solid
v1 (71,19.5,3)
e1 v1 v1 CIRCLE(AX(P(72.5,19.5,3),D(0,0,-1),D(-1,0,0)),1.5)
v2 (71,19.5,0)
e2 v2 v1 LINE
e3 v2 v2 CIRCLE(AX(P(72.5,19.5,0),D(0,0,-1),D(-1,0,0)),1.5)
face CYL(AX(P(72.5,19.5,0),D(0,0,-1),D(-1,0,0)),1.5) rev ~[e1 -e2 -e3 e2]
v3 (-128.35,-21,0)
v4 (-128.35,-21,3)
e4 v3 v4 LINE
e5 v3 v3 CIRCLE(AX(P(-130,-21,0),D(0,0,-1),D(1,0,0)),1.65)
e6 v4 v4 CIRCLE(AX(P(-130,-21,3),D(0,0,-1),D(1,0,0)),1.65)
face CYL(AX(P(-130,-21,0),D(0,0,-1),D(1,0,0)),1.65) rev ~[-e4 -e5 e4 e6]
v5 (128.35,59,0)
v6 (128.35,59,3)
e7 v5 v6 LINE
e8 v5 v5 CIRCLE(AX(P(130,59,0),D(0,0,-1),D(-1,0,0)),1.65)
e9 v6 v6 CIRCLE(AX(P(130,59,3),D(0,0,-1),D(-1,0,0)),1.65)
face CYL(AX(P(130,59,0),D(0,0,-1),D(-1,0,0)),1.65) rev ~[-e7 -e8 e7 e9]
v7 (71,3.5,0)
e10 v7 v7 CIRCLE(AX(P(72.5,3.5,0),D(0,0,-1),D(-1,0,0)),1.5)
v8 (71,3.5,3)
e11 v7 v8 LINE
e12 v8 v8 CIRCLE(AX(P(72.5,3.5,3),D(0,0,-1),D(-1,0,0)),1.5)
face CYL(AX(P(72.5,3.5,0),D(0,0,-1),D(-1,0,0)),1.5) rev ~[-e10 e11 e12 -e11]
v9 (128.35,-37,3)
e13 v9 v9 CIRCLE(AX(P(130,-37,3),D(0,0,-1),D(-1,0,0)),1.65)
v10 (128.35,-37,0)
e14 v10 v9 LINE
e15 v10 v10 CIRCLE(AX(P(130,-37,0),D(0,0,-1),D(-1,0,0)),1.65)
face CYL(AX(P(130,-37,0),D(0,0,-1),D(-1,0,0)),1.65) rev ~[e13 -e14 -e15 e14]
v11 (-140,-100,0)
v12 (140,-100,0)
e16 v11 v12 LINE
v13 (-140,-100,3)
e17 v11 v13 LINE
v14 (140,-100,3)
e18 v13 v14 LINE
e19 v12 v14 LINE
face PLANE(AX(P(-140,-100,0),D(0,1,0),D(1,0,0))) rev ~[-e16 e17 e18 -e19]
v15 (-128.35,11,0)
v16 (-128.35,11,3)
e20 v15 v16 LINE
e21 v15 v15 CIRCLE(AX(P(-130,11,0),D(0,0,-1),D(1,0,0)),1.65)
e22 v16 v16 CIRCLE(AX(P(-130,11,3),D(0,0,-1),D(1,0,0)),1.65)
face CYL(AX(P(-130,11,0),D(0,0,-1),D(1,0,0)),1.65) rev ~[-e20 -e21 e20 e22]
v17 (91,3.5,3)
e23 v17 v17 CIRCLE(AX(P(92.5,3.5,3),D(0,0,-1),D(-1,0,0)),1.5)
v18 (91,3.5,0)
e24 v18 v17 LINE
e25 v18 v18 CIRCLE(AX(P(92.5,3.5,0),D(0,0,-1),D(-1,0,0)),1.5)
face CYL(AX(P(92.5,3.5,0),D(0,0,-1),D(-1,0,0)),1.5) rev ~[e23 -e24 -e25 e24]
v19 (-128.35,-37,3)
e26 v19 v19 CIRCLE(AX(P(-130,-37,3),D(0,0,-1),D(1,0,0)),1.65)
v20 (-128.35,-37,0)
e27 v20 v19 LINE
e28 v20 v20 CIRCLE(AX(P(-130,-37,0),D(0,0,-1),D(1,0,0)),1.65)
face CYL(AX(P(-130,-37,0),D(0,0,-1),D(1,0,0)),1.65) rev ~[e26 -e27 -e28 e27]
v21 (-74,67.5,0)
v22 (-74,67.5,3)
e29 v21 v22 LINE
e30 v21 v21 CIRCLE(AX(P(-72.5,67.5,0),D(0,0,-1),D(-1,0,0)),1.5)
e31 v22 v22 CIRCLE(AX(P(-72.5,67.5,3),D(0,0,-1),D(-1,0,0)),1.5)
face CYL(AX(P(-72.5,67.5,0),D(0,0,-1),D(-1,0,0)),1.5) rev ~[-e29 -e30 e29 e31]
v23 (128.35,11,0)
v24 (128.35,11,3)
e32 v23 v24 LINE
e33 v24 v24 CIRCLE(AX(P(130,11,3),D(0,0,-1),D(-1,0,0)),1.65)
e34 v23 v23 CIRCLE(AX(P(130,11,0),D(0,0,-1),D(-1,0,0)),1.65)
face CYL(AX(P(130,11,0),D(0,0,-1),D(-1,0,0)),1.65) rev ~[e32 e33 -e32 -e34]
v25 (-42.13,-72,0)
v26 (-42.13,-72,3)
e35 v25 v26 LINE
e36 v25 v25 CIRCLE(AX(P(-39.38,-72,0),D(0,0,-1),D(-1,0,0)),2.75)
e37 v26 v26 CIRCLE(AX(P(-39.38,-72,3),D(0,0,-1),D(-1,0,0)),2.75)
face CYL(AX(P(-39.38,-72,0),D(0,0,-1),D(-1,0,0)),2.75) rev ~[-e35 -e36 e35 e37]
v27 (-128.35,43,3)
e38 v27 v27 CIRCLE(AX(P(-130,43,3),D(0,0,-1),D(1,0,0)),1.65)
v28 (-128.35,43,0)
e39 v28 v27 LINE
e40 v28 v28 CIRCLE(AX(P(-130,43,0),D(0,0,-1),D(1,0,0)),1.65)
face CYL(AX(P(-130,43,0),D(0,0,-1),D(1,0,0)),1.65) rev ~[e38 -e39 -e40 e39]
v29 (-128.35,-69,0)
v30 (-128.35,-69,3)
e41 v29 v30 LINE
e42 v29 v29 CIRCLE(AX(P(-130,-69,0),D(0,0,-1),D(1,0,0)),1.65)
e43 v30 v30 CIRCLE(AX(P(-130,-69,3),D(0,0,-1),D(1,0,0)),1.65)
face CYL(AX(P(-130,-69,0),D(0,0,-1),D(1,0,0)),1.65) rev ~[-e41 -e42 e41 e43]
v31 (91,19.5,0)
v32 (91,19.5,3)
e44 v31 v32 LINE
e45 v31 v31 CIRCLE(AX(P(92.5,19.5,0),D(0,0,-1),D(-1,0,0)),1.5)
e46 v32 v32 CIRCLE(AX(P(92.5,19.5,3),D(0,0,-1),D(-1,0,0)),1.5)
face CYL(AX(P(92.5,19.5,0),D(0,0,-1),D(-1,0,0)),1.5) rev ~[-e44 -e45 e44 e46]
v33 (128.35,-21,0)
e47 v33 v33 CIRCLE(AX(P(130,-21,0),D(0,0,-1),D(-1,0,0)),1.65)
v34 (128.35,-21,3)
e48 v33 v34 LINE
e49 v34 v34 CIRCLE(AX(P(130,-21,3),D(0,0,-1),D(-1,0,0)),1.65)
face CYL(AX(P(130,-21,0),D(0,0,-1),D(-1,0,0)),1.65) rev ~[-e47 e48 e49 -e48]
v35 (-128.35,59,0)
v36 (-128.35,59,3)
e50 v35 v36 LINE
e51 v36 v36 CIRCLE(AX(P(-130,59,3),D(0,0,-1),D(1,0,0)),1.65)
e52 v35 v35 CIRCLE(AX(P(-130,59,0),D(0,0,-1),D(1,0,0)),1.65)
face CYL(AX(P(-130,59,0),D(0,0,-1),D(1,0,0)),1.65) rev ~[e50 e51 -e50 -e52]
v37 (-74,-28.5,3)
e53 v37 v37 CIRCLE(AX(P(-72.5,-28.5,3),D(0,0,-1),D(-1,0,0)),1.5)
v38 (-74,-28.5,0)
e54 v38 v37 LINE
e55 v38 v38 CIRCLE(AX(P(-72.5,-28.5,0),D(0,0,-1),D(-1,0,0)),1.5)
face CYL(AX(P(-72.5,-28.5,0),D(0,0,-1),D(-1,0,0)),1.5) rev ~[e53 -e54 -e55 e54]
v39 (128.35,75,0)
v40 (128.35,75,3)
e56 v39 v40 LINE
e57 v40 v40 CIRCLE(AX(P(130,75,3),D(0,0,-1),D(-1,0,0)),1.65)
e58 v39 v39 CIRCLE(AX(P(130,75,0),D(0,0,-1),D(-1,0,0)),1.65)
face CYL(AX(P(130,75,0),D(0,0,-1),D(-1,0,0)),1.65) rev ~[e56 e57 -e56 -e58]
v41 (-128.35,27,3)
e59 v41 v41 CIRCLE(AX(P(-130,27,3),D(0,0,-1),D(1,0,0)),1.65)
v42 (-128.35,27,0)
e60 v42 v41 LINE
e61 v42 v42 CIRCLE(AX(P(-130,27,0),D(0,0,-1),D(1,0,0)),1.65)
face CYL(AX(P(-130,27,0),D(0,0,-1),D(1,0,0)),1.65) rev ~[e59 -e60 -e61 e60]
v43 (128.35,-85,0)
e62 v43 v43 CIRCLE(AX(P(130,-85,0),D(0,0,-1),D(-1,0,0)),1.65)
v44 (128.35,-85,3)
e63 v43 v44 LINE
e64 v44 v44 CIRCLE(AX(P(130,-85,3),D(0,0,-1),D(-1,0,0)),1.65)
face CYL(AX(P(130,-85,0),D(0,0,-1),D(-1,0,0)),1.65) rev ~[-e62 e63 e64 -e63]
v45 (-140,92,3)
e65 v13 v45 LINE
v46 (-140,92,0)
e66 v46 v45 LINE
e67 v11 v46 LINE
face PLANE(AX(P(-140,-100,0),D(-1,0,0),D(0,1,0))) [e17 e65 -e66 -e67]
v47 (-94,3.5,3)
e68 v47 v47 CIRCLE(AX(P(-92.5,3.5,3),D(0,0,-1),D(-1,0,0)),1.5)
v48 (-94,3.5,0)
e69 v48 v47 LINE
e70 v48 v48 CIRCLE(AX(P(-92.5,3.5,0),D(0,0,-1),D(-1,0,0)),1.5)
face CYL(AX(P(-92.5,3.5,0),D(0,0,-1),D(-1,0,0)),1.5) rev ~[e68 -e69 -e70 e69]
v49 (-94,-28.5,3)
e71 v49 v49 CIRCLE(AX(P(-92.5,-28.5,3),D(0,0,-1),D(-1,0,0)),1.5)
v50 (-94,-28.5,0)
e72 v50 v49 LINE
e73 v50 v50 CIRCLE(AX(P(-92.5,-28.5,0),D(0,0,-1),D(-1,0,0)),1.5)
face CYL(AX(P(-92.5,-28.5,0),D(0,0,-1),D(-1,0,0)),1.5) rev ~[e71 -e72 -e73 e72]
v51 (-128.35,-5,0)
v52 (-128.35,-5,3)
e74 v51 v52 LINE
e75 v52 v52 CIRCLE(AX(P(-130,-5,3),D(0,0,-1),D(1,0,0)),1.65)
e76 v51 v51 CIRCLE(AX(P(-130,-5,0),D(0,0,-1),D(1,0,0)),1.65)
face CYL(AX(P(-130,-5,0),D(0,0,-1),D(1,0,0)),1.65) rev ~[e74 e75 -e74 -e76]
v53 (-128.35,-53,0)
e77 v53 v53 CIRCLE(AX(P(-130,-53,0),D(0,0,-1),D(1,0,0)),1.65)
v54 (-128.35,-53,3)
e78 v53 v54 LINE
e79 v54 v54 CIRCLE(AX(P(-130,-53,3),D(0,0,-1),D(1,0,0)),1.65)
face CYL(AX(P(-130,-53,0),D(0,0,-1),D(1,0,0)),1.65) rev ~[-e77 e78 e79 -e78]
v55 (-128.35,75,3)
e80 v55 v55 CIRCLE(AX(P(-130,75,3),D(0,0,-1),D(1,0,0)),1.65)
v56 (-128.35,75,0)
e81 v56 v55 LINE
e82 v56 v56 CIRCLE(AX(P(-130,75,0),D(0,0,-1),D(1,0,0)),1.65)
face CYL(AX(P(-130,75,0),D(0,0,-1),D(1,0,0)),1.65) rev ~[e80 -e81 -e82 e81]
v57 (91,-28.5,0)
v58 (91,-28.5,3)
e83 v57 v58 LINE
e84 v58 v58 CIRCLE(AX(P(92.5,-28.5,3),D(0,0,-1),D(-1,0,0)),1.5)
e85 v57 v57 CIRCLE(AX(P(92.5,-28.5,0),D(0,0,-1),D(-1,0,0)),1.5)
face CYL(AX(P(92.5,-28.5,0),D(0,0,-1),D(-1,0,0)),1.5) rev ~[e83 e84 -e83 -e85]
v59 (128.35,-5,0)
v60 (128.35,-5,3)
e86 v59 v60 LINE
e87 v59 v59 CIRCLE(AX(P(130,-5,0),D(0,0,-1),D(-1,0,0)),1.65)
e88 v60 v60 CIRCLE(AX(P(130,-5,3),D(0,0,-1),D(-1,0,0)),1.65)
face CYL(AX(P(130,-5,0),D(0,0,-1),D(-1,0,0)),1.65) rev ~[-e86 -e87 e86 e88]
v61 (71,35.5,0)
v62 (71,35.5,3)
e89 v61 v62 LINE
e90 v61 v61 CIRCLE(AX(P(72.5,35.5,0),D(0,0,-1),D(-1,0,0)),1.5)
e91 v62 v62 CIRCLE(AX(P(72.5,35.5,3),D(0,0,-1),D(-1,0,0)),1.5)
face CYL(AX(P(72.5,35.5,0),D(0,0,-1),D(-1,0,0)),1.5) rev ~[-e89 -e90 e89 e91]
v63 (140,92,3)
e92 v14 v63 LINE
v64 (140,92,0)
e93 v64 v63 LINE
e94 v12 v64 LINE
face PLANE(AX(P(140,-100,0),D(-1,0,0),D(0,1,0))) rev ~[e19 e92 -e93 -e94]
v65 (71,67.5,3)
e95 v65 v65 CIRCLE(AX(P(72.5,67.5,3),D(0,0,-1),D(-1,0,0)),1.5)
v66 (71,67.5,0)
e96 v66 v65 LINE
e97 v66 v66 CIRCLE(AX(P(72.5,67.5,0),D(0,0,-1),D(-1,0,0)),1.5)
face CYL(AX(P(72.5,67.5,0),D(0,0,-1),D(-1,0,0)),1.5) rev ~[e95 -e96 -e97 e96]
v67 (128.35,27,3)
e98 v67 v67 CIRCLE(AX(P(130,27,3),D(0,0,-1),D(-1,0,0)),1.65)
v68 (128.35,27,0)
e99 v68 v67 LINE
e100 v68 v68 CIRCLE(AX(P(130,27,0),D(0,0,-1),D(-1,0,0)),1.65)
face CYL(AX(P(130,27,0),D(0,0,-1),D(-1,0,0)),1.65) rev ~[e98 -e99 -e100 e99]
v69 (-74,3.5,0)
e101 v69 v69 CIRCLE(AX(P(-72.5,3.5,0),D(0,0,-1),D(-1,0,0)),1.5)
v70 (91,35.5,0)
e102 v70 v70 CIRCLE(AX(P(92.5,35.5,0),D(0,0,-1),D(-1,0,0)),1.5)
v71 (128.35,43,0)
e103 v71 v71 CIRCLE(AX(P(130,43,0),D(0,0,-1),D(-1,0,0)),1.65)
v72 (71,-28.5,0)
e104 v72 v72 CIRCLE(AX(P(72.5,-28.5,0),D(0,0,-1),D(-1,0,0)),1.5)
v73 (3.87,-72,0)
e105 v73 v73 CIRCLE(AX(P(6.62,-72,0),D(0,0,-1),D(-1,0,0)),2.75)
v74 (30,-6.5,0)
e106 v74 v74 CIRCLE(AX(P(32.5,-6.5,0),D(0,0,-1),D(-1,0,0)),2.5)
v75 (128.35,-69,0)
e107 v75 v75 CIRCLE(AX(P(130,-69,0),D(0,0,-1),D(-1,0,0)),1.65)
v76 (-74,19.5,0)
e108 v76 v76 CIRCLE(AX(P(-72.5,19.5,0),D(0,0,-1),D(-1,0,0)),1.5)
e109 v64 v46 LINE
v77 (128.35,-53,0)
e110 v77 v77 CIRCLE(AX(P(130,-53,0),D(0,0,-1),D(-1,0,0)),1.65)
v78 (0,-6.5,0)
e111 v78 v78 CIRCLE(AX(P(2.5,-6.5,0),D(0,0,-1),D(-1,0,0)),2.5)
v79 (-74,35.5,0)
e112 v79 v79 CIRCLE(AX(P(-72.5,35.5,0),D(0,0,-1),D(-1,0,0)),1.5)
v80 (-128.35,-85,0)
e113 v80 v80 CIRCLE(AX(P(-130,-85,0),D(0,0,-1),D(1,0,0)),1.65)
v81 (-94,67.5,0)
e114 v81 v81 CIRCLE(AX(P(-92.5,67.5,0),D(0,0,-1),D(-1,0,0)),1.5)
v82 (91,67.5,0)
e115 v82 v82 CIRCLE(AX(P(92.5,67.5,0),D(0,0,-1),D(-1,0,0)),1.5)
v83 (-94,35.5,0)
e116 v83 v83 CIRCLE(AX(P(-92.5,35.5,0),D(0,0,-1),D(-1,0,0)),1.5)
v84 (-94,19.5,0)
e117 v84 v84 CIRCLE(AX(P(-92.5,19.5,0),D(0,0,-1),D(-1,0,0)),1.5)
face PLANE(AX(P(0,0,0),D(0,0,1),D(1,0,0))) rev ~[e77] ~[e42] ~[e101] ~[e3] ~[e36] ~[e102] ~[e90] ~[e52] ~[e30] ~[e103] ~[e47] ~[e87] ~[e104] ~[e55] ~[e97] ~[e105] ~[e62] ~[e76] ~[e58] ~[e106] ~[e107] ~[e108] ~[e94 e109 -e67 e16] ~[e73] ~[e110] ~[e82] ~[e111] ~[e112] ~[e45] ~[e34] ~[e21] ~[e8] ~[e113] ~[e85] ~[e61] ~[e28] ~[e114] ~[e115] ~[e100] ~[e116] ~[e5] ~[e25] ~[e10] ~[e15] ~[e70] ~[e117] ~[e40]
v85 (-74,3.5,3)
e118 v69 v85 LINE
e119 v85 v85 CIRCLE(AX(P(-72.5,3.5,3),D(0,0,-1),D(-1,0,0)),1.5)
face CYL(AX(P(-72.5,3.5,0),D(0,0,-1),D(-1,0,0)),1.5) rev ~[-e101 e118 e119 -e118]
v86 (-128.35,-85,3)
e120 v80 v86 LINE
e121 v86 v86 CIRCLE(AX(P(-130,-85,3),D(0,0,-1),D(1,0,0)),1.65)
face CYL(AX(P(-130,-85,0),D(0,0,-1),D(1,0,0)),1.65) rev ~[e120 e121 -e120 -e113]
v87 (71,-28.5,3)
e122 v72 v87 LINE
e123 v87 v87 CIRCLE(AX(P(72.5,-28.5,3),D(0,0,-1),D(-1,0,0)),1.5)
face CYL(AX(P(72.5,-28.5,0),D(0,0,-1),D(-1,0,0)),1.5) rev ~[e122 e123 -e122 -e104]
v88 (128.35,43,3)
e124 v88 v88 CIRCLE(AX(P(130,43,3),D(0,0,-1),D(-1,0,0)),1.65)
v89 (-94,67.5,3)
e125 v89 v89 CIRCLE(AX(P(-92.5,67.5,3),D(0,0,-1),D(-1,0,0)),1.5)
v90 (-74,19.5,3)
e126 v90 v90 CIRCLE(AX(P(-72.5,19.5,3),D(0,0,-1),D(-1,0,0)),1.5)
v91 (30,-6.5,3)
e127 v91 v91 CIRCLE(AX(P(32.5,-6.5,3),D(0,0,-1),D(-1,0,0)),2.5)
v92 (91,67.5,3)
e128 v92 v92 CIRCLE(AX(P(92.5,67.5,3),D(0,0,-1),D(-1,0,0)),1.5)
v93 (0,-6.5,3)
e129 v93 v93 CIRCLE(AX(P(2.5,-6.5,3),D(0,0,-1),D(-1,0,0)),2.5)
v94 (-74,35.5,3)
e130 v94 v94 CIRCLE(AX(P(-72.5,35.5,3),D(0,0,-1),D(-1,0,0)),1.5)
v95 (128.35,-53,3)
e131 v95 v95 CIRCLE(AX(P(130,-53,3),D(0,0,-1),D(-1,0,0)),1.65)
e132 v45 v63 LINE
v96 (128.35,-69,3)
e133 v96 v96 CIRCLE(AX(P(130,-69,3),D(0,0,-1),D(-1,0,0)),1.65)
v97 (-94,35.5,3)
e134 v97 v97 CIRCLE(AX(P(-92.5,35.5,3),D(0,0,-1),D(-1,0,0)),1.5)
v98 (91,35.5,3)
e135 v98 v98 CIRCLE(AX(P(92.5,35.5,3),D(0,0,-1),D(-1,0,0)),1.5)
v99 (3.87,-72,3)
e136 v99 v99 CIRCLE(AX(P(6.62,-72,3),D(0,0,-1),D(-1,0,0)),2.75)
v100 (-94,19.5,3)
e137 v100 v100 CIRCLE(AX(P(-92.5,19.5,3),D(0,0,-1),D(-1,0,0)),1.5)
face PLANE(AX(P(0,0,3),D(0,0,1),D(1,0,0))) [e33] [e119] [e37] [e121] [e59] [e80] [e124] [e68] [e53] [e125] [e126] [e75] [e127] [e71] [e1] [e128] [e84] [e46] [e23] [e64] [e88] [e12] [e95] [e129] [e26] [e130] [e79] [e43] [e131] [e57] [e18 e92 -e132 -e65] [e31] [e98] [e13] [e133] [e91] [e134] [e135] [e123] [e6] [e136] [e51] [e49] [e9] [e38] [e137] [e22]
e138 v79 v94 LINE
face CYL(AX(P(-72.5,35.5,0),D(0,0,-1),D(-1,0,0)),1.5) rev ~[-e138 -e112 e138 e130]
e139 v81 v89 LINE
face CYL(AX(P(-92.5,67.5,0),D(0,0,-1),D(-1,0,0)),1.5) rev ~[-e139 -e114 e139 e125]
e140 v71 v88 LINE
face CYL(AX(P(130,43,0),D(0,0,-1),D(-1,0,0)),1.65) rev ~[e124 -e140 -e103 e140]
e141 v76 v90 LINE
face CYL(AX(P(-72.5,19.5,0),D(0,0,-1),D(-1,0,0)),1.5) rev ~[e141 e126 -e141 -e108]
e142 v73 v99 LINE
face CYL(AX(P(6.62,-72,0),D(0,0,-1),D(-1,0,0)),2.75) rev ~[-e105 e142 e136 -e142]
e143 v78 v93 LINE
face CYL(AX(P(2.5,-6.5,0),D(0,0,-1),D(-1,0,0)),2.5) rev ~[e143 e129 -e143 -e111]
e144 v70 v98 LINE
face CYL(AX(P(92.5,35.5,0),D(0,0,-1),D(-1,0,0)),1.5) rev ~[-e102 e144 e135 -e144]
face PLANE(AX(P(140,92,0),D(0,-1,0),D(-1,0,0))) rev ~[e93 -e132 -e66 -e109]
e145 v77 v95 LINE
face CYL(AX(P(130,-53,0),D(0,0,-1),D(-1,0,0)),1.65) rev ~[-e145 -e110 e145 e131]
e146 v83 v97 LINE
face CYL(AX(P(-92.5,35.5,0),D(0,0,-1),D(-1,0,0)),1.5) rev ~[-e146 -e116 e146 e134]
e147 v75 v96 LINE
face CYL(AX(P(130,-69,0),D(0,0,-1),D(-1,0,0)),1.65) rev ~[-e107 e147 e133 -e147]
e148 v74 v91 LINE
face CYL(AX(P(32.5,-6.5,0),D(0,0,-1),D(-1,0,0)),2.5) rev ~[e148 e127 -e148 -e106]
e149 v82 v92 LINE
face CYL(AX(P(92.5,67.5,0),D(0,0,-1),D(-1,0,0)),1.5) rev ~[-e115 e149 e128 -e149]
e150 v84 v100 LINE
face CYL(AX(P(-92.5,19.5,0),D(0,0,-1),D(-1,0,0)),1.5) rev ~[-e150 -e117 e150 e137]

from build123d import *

# Parameters (mm, degrees)
SKETCH_1_W          = 280
SKETCH_1_H          = 200
EXTRUDE_1_DEPTH     = 3
SKETCH_2_R          = 1.5
SKETCH_2_R_2        = 2.75
SKETCH_2_R_3        = 2.5
CUT_EXTRUDE_1_DEPTH = 3
SKETCH_3_W          = 280
SKETCH_3_H          = 8
CUT_EXTRUDE_2_DEPTH = 173.072659072
SKETCH_4_R          = 1.65
CUT_EXTRUDE_4_DEPTH = 173.072659072


with BuildPart() as part:
    # 草图1 → 凸台-拉伸1 (new body)
    with BuildSketch(Plane.XY):
        Rectangle(SKETCH_1_W, SKETCH_1_H)
    extrude(amount=EXTRUDE_1_DEPTH)

    # 草图2 → 切除-拉伸1 (cut)
    with BuildSketch(Plane(origin=(0, 0, 0), x_dir=(-1, 0, 0), z_dir=(0, 0, -1))):
        with Locations((92.5, 19.5)):
            Circle(SKETCH_2_R)
        with Locations((92.5, 35.5)):
            Circle(SKETCH_2_R)
        with Locations((92.5, 3.5)):
            Circle(SKETCH_2_R)
        with Locations((92.5, -28.5)):
            Circle(SKETCH_2_R)
        with Locations((92.5, 67.5)):
            Circle(SKETCH_2_R)
        with Locations((72.5, 67.5)):
            Circle(SKETCH_2_R)
        with Locations((72.5, 35.5)):
            Circle(SKETCH_2_R)
        with Locations((72.5, 19.5)):
            Circle(SKETCH_2_R)
        with Locations((72.5, 3.5)):
            Circle(SKETCH_2_R)
        with Locations((72.5, -28.5)):
            Circle(SKETCH_2_R)
        with Locations((-92.5, -28.5)):
            Circle(SKETCH_2_R)
        with Locations((-92.5, 3.5)):
            Circle(SKETCH_2_R)
        with Locations((-92.5, 19.5)):
            Circle(SKETCH_2_R)
        with Locations((-92.5, 35.5)):
            Circle(SKETCH_2_R)
        with Locations((-92.5, 67.5)):
            Circle(SKETCH_2_R)
        with Locations((-72.5, -28.5)):
            Circle(SKETCH_2_R)
        with Locations((-72.5, 3.5)):
            Circle(SKETCH_2_R)
        with Locations((-72.5, 19.5)):
            Circle(SKETCH_2_R)
        with Locations((-72.5, 35.5)):
            Circle(SKETCH_2_R)
        with Locations((-72.5, 67.5)):
            Circle(SKETCH_2_R)
        with Locations((39.38, -72)):
            Circle(SKETCH_2_R_2)
        with Locations((-6.62, -72)):
            Circle(SKETCH_2_R_2)
        with Locations((-2.5, -6.5)):
            Circle(SKETCH_2_R_3)
        with Locations((-32.5, -6.5)):
            Circle(SKETCH_2_R_3)
    extrude(amount=-CUT_EXTRUDE_1_DEPTH, mode=Mode.SUBTRACT)

    # 草图3 → 切除-拉伸2 (cut, through all)
    with BuildSketch(Plane(origin=(0, 0, 0), x_dir=(-1, 0, 0), z_dir=(0, 0, -1))):
        with Locations((0, 96)):
            Rectangle(SKETCH_3_W, SKETCH_3_H)
    extrude(amount=-CUT_EXTRUDE_2_DEPTH, mode=Mode.SUBTRACT)

    # 草图4 → 切除-拉伸4 (cut, through all)
    with BuildSketch(Plane(origin=(0, 0, 0), x_dir=(-1, 0, 0), z_dir=(0, 0, -1))):
        with Locations((-130, 75)):
            Circle(SKETCH_4_R)
        with Locations((-130, 59)):
            Circle(SKETCH_4_R)
        with Locations((-130, 43)):
            Circle(SKETCH_4_R)
        with Locations((-130, 27)):
            Circle(SKETCH_4_R)
        with Locations((-130, 11)):
            Circle(SKETCH_4_R)
        with Locations((-130, -5)):
            Circle(SKETCH_4_R)
        with Locations((-130, -21)):
            Circle(SKETCH_4_R)
        with Locations((-130, -37)):
            Circle(SKETCH_4_R)
        with Locations((-130, -53)):
            Circle(SKETCH_4_R)
        with Locations((-130, -69)):
            Circle(SKETCH_4_R)
        with Locations((-130, -85)):
            Circle(SKETCH_4_R)
        with Locations(Location((130, -85, 0), (0, 0, 180))):
            Circle(SKETCH_4_R)
        with Locations(Location((130, -69, 0), (0, 0, 180))):
            Circle(SKETCH_4_R)
        with Locations(Location((130, -53, 0), (0, 0, 180))):
            Circle(SKETCH_4_R)
        with Locations(Location((130, -37, 0), (0, 0, 180))):
            Circle(SKETCH_4_R)
        with Locations(Location((130, -21, 0), (0, 0, 180))):
            Circle(SKETCH_4_R)
        with Locations(Location((130, -5, 0), (0, 0, 180))):
            Circle(SKETCH_4_R)
        with Locations(Location((130, 11, 0), (0, 0, 180))):
            Circle(SKETCH_4_R)
        with Locations(Location((130, 27, 0), (0, 0, 180))):
            Circle(SKETCH_4_R)
        with Locations(Location((130, 43, 0), (0, 0, 180))):
            Circle(SKETCH_4_R)
        with Locations(Location((130, 59, 0), (0, 0, 180))):
            Circle(SKETCH_4_R)
        with Locations(Location((130, 75, 0), (0, 0, 180))):
            Circle(SKETCH_4_R)
    extrude(amount=-CUT_EXTRUDE_4_DEPTH, mode=Mode.SUBTRACT)


solid = part.part
